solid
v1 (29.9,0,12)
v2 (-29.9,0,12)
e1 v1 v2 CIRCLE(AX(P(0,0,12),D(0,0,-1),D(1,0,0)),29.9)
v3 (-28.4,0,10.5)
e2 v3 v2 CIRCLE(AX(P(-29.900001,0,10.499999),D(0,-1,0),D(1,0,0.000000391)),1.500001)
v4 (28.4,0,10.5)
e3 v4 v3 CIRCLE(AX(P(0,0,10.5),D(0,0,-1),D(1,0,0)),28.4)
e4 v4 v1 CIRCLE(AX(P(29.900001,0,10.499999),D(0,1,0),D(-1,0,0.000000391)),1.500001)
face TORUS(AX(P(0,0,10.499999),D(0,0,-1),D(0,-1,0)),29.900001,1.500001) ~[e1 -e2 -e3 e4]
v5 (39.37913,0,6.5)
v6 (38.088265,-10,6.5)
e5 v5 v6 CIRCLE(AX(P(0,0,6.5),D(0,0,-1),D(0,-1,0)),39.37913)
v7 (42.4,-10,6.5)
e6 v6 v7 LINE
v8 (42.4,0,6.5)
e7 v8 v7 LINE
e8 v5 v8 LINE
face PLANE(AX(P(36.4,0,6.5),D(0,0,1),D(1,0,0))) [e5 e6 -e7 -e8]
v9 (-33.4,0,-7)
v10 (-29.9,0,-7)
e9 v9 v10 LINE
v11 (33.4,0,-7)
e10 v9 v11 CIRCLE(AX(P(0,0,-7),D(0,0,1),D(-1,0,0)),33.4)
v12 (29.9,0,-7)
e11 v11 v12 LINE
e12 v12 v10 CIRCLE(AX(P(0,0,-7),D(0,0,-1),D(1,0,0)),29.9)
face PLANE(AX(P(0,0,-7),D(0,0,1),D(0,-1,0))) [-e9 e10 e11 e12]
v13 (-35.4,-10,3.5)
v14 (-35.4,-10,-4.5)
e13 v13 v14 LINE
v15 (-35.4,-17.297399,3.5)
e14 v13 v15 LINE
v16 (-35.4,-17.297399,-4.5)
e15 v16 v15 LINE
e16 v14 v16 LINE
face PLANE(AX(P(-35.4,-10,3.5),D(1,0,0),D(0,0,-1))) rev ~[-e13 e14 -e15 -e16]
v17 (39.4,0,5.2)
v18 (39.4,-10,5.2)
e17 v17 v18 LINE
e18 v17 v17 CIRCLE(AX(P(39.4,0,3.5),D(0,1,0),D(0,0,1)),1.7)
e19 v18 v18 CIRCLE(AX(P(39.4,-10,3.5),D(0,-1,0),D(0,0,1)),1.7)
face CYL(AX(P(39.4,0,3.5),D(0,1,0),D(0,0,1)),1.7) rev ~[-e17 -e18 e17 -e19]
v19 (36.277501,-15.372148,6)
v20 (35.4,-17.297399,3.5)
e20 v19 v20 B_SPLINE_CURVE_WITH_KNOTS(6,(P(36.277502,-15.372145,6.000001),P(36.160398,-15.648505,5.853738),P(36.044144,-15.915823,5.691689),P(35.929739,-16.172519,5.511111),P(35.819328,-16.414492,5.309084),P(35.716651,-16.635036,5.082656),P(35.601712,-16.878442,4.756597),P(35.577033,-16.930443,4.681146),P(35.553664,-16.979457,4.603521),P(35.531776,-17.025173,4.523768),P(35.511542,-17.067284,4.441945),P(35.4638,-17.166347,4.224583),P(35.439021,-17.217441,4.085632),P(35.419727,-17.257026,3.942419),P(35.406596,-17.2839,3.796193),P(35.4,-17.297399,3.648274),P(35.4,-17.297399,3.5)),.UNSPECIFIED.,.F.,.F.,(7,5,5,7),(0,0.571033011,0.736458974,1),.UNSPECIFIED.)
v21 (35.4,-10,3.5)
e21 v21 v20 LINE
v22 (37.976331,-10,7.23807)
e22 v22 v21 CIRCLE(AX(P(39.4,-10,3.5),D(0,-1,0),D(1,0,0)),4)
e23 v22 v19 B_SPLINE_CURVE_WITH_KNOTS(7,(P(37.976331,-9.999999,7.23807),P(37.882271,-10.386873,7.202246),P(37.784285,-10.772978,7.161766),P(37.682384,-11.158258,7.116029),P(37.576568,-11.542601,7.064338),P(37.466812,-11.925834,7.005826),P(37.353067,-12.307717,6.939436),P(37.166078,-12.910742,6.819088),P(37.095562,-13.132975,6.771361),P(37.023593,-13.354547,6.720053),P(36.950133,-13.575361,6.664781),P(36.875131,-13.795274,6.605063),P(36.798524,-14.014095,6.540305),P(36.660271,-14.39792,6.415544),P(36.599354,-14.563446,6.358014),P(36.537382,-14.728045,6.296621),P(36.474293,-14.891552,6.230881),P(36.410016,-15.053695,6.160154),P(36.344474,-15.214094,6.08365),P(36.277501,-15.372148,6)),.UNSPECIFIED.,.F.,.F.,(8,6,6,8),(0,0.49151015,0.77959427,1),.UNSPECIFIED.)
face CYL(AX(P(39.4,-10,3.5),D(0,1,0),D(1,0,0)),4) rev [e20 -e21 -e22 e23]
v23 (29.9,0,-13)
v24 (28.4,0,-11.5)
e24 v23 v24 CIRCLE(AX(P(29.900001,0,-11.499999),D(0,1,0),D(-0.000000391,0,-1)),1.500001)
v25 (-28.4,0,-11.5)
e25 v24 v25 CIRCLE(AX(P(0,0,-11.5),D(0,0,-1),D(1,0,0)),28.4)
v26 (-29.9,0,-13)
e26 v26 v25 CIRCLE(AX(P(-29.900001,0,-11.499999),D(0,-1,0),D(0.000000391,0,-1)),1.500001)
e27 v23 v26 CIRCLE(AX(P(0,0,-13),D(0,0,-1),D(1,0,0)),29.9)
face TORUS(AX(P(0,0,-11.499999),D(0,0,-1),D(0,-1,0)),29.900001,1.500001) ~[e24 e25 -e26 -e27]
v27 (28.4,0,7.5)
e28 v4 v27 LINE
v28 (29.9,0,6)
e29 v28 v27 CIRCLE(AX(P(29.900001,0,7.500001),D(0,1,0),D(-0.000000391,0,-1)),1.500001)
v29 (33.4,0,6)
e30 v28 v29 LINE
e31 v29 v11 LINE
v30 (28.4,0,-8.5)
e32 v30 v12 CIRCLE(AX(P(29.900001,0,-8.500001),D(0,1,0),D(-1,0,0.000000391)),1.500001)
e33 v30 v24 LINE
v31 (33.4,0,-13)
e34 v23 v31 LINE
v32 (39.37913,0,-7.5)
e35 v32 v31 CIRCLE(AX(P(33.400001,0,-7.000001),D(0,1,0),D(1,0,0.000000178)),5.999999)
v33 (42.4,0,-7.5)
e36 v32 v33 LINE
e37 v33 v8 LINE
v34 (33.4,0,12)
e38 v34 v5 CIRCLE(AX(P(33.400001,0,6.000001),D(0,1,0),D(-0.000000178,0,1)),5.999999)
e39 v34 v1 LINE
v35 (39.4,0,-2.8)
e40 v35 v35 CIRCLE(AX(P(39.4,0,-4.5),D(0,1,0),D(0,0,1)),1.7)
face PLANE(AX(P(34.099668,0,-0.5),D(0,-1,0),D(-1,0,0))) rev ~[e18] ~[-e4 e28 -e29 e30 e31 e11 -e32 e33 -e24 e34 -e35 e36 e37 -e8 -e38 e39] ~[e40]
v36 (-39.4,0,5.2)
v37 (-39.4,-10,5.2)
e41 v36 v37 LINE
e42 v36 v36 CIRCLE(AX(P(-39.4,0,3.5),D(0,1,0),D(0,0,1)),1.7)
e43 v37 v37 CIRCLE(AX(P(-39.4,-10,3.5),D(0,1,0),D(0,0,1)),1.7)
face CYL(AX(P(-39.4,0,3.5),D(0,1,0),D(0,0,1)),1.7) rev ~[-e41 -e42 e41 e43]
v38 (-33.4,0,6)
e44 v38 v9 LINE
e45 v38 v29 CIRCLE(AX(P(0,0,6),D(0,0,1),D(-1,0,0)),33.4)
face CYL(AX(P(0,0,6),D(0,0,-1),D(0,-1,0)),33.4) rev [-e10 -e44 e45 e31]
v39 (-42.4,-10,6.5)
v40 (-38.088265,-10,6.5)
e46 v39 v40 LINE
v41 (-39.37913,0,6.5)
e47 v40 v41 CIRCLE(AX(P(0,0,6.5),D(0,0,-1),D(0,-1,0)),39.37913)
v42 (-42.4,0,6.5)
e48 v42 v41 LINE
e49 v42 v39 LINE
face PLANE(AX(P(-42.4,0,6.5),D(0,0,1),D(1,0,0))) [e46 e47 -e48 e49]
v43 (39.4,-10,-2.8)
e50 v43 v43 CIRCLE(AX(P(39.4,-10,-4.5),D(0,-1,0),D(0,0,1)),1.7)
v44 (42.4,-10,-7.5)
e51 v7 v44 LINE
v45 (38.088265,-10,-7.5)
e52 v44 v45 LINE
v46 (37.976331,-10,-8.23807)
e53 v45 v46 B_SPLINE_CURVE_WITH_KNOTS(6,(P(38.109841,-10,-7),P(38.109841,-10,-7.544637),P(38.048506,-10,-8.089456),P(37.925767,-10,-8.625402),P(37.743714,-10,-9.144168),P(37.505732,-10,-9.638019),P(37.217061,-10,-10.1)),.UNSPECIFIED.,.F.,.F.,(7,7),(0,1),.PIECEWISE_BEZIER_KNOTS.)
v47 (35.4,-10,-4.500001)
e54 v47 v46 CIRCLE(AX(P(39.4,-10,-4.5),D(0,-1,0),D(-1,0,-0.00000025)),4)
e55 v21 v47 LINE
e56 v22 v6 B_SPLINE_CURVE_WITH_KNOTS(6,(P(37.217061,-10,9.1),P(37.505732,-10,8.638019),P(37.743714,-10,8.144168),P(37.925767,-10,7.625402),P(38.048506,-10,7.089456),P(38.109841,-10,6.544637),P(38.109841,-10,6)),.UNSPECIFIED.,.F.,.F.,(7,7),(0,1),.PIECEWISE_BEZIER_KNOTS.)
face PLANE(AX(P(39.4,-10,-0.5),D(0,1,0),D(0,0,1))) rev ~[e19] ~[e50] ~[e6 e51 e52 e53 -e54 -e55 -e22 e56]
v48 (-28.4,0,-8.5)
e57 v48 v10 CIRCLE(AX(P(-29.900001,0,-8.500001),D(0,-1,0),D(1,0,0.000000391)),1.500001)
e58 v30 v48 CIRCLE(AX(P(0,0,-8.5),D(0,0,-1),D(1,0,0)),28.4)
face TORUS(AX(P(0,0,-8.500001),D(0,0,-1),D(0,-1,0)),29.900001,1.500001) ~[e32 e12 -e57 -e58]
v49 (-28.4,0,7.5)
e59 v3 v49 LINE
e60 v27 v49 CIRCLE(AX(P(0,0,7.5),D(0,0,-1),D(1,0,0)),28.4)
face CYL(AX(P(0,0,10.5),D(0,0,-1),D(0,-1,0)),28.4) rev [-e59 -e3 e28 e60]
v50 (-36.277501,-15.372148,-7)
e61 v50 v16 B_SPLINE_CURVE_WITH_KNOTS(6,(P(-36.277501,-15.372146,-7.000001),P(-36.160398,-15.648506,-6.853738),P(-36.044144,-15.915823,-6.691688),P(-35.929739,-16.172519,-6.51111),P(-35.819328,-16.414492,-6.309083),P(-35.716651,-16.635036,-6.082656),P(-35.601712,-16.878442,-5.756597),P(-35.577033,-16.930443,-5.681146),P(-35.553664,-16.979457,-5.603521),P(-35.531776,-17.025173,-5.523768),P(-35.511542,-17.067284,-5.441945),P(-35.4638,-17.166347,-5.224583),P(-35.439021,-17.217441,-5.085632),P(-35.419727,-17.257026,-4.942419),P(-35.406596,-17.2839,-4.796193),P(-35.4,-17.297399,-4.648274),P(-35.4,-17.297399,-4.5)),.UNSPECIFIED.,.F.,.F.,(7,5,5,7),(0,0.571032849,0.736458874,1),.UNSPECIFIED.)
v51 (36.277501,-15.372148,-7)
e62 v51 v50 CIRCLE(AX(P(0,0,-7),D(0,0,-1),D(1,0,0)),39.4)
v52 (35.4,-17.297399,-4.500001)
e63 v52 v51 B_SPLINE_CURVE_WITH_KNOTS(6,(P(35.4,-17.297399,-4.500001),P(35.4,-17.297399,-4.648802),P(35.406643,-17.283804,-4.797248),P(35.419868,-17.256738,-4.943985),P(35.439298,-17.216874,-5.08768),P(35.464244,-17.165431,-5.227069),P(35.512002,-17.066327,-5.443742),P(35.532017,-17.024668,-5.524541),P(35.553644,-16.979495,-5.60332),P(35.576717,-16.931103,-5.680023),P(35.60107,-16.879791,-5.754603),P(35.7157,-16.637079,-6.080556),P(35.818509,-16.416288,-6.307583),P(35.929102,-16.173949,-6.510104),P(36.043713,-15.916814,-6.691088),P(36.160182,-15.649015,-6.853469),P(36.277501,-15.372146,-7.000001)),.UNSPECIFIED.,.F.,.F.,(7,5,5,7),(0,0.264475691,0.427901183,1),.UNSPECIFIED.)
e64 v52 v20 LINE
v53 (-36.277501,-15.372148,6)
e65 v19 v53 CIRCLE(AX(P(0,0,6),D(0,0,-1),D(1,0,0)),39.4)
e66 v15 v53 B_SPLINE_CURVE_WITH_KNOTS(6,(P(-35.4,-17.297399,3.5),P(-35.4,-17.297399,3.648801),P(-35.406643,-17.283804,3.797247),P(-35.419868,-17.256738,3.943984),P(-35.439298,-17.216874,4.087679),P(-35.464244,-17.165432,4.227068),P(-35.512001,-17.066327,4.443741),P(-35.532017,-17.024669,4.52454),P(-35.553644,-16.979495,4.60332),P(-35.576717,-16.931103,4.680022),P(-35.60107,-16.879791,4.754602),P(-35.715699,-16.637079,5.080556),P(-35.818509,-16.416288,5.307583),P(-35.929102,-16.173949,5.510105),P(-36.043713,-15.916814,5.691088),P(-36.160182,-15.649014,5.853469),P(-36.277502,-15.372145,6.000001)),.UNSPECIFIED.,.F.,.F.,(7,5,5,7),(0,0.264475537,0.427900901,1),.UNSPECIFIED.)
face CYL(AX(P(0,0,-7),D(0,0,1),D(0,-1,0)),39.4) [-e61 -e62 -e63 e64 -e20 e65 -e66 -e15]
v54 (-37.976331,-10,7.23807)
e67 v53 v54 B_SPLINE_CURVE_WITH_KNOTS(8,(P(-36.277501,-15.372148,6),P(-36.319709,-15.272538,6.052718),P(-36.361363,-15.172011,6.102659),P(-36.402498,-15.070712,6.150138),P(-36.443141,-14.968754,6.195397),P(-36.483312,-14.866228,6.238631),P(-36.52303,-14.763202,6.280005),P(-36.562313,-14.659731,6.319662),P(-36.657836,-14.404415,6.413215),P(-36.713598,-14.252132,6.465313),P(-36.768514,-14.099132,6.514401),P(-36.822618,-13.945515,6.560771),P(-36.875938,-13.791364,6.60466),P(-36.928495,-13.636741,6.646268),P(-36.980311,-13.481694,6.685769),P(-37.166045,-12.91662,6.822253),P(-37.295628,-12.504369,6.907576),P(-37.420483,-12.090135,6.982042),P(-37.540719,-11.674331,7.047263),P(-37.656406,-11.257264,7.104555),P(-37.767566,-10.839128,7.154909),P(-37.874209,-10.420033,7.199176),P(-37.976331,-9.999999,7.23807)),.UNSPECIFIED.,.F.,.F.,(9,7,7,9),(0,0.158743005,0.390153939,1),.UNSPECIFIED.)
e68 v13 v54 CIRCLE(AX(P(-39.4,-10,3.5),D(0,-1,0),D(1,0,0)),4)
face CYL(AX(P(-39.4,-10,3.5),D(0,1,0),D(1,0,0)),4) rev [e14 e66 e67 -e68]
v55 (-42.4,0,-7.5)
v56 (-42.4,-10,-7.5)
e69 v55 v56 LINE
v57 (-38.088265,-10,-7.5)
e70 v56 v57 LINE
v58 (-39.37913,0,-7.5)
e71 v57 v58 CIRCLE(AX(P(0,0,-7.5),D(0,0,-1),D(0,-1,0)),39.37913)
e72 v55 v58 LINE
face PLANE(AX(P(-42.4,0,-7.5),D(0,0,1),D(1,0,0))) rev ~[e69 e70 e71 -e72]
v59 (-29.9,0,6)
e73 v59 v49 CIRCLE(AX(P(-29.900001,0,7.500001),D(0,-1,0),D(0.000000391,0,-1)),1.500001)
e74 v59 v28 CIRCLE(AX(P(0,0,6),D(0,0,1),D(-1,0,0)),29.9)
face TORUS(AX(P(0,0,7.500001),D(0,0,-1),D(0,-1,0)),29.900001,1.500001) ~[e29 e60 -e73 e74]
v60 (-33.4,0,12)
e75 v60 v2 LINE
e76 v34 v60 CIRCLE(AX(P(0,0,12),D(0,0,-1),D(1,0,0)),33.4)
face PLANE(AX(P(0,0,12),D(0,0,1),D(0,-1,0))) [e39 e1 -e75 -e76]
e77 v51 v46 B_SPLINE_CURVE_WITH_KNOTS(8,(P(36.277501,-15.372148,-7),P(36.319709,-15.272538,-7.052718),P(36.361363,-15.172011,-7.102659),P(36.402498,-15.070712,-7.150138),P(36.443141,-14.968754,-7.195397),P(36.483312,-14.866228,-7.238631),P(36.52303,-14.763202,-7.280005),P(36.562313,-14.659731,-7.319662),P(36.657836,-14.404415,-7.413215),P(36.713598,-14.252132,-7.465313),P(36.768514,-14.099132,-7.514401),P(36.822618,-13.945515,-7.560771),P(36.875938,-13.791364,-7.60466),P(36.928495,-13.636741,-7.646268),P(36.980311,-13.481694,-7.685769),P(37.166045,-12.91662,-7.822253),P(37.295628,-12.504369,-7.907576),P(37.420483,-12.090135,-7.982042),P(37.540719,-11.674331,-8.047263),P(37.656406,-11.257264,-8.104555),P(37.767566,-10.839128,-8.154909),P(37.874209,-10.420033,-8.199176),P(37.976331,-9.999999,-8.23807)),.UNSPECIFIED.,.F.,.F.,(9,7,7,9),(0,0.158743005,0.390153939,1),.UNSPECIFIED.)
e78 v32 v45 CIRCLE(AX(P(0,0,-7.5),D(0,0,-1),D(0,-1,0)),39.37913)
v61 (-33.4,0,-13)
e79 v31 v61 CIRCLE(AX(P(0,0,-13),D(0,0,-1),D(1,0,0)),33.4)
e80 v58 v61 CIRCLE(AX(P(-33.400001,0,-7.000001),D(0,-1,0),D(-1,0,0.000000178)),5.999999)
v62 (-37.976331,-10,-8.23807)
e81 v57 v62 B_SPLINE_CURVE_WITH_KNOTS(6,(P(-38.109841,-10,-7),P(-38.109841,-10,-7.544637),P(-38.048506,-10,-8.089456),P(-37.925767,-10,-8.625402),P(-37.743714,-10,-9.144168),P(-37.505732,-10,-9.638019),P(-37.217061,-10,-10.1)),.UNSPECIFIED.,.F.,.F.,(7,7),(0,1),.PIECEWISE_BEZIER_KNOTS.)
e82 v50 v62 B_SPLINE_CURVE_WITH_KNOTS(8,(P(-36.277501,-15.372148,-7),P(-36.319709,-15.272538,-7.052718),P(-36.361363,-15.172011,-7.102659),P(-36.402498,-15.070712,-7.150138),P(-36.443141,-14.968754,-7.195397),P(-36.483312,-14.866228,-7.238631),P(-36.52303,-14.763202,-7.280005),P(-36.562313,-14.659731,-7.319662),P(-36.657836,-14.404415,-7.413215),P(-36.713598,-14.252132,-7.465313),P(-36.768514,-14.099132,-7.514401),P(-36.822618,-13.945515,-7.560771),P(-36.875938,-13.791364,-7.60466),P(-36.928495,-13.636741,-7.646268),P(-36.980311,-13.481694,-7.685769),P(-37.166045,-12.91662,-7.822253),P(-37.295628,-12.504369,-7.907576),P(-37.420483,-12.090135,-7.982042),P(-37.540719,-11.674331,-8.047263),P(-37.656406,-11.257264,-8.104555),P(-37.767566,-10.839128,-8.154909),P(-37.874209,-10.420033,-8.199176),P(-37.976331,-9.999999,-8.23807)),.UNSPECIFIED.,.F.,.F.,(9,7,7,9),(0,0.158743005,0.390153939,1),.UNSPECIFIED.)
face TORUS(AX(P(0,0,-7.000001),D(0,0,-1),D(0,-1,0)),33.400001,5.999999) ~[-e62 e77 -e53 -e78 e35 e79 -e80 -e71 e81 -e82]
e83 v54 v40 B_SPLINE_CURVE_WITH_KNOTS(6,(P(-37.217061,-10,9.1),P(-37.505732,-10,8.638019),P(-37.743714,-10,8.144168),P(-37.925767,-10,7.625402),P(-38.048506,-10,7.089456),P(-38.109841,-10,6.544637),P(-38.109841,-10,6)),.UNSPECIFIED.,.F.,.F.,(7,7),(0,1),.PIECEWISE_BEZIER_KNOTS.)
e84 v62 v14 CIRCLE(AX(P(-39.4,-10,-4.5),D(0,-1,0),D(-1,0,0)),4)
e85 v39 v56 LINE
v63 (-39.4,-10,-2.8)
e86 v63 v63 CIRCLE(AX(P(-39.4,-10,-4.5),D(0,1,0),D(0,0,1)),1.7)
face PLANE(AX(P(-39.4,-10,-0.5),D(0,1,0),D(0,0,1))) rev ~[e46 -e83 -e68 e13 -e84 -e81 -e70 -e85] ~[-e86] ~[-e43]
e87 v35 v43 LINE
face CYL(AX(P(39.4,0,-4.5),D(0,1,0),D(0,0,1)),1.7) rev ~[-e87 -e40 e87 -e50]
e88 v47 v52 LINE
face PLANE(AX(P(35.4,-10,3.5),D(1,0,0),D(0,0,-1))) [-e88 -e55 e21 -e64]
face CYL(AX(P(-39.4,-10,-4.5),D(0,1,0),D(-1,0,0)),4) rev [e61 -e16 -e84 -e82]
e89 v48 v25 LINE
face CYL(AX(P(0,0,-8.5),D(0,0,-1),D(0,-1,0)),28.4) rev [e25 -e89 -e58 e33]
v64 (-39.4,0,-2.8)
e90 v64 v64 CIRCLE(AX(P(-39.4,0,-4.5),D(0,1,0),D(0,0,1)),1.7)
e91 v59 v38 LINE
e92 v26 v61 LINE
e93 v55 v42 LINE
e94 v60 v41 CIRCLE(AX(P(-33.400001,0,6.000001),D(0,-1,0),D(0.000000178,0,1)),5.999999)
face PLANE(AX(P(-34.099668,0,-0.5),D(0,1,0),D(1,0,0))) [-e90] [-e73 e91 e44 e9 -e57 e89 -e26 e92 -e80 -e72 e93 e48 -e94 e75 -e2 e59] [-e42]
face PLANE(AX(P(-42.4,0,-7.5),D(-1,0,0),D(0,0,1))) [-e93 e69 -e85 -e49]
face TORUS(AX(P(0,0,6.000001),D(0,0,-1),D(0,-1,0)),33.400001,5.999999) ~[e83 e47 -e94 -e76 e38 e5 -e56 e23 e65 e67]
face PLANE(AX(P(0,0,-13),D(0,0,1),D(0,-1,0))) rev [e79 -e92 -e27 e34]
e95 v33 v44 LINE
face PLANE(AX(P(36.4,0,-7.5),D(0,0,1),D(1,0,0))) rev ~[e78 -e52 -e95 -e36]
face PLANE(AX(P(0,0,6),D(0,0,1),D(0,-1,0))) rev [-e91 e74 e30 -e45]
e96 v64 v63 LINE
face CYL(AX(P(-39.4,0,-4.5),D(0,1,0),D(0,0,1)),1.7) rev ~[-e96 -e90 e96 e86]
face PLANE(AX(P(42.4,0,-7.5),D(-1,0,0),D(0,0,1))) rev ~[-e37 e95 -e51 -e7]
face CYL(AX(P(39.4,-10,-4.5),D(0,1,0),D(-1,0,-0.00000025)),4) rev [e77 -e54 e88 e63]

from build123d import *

# Parameters (mm, degrees)
REVOLUTION004_ANGLE     = 180
SKETCH055_W             = 14
SKETCH055_H             = 6
PAD024_DEPTH            = 10
SKETCH054_R             = 1.7
POCKET003_DEPTH         = 39.401
POCKET004_DEPTH         = 29.401
BODY012_PLACEMENT_ANGLE = 180


with BuildPart() as part:
    # Sketch053 → Revolution004 (revolve, symmetric)
    with BuildSketch(Plane.YZ) as revolution004_sk:
        with BuildLine():
            Line((33.4, 0), (33.4, 6.5))
            Line((33.4, 6.5), (29.9, 6.5))
            ThreePointArc((28.4, 8), (28.83934, 6.93934), (29.9, 6.5))
            Line((28.4, 8), (28.4, 11))
            ThreePointArc((29.9, 12.5), (28.83934, 12.06066), (28.4, 11))
            Line((29.9, 12.5), (33.4, 12.5))
            ThreePointArc((39.4, 6.5), (37.642641, 10.742641), (33.4, 12.5))
            Line((39.4, 6.5), (39.4, 0))
            Line((39.4, 0), (39.4, -6.5))
            ThreePointArc((33.4, -12.5), (37.642641, -10.742641), (39.4, -6.5))
            Line((33.4, -12.5), (29.9, -12.5))
            ThreePointArc((28.4, -11), (28.83934, -12.06066), (29.9, -12.5))
            Line((28.4, -11), (28.4, -8))
            ThreePointArc((29.9, -6.5), (28.83934, -6.93934), (28.4, -8))
            Line((29.9, -6.5), (33.4, -6.5))
            Line((33.4, -6.5), (33.4, 0))
        make_face()
    revolve(axis=Axis((0, 0, 0), (0, 0, 1)), revolution_arc=REVOLUTION004_ANGLE / 2)
    revolve(revolution004_sk.sketch, axis=Axis((0, 0, 0), (0, 0, -1)), revolution_arc=REVOLUTION004_ANGLE / 2)

    # Sketch055 (on Face18 of Revolution004) → Pad024 (new body)
    with BuildSketch(Plane(origin=(0, 0, 0), x_dir=(0, 0, -1), z_dir=(0, -1, 0))):
        with Locations((0, 39.4)):
            Rectangle(SKETCH055_W, SKETCH055_H)
        with Locations((0, -39.4)):
            Rectangle(SKETCH055_W, SKETCH055_H)
    extrude(amount=-PAD024_DEPTH)

    # Sketch054 (on Face18 of Revolution004) → Pocket003 (cut, through all)
    with BuildSketch(Plane(origin=(0, 0, 0), x_dir=(0, 0, -1), z_dir=(0, -1, 0))):
        with Locations((4, 39.4)):
            Circle(SKETCH054_R)
        with Locations((-4, 39.4)):
            Circle(SKETCH054_R)
        with Locations((-4, -39.4)):
            Circle(SKETCH054_R)
        with Locations((4, -39.4)):
            Circle(SKETCH054_R)
    extrude(amount=-POCKET003_DEPTH, mode=Mode.SUBTRACT)

    # Sketch056 (on Face22 of Pocket003) → Pocket004 (cut, through all)
    with BuildSketch(Plane.ZX.offset(10)):
        with BuildLine():
            Line((-4, 43.4), (4.000001, 43.4))
            ThreePointArc((4.000001, 35.4), (8, 39.4), (4.000001, 43.4))
            Line((-4, 35.4), (4.000001, 35.4))
            ThreePointArc((-4, 43.4), (-8, 39.4), (-4, 35.4))
        make_face()
        with BuildLine():
            Line((-4, -35.4), (4, -35.4))
            ThreePointArc((4, -43.4), (8, -39.4), (4, -35.4))
            Line((-4, -43.4), (4, -43.4))
            ThreePointArc((-4, -35.4), (-8, -39.4), (-4, -43.4))
        make_face()
    extrude(amount=POCKET004_DEPTH, mode=Mode.SUBTRACT)


with BuildPart() as part_1:
    # Body012 placement: moved
    add(part.part.moved(Location((0, 0, -0.5))).rotate(Axis((0, 0, -0.5), (1, 0, 0)), BODY012_PLACEMENT_ANGLE))


solid = part_1.part
